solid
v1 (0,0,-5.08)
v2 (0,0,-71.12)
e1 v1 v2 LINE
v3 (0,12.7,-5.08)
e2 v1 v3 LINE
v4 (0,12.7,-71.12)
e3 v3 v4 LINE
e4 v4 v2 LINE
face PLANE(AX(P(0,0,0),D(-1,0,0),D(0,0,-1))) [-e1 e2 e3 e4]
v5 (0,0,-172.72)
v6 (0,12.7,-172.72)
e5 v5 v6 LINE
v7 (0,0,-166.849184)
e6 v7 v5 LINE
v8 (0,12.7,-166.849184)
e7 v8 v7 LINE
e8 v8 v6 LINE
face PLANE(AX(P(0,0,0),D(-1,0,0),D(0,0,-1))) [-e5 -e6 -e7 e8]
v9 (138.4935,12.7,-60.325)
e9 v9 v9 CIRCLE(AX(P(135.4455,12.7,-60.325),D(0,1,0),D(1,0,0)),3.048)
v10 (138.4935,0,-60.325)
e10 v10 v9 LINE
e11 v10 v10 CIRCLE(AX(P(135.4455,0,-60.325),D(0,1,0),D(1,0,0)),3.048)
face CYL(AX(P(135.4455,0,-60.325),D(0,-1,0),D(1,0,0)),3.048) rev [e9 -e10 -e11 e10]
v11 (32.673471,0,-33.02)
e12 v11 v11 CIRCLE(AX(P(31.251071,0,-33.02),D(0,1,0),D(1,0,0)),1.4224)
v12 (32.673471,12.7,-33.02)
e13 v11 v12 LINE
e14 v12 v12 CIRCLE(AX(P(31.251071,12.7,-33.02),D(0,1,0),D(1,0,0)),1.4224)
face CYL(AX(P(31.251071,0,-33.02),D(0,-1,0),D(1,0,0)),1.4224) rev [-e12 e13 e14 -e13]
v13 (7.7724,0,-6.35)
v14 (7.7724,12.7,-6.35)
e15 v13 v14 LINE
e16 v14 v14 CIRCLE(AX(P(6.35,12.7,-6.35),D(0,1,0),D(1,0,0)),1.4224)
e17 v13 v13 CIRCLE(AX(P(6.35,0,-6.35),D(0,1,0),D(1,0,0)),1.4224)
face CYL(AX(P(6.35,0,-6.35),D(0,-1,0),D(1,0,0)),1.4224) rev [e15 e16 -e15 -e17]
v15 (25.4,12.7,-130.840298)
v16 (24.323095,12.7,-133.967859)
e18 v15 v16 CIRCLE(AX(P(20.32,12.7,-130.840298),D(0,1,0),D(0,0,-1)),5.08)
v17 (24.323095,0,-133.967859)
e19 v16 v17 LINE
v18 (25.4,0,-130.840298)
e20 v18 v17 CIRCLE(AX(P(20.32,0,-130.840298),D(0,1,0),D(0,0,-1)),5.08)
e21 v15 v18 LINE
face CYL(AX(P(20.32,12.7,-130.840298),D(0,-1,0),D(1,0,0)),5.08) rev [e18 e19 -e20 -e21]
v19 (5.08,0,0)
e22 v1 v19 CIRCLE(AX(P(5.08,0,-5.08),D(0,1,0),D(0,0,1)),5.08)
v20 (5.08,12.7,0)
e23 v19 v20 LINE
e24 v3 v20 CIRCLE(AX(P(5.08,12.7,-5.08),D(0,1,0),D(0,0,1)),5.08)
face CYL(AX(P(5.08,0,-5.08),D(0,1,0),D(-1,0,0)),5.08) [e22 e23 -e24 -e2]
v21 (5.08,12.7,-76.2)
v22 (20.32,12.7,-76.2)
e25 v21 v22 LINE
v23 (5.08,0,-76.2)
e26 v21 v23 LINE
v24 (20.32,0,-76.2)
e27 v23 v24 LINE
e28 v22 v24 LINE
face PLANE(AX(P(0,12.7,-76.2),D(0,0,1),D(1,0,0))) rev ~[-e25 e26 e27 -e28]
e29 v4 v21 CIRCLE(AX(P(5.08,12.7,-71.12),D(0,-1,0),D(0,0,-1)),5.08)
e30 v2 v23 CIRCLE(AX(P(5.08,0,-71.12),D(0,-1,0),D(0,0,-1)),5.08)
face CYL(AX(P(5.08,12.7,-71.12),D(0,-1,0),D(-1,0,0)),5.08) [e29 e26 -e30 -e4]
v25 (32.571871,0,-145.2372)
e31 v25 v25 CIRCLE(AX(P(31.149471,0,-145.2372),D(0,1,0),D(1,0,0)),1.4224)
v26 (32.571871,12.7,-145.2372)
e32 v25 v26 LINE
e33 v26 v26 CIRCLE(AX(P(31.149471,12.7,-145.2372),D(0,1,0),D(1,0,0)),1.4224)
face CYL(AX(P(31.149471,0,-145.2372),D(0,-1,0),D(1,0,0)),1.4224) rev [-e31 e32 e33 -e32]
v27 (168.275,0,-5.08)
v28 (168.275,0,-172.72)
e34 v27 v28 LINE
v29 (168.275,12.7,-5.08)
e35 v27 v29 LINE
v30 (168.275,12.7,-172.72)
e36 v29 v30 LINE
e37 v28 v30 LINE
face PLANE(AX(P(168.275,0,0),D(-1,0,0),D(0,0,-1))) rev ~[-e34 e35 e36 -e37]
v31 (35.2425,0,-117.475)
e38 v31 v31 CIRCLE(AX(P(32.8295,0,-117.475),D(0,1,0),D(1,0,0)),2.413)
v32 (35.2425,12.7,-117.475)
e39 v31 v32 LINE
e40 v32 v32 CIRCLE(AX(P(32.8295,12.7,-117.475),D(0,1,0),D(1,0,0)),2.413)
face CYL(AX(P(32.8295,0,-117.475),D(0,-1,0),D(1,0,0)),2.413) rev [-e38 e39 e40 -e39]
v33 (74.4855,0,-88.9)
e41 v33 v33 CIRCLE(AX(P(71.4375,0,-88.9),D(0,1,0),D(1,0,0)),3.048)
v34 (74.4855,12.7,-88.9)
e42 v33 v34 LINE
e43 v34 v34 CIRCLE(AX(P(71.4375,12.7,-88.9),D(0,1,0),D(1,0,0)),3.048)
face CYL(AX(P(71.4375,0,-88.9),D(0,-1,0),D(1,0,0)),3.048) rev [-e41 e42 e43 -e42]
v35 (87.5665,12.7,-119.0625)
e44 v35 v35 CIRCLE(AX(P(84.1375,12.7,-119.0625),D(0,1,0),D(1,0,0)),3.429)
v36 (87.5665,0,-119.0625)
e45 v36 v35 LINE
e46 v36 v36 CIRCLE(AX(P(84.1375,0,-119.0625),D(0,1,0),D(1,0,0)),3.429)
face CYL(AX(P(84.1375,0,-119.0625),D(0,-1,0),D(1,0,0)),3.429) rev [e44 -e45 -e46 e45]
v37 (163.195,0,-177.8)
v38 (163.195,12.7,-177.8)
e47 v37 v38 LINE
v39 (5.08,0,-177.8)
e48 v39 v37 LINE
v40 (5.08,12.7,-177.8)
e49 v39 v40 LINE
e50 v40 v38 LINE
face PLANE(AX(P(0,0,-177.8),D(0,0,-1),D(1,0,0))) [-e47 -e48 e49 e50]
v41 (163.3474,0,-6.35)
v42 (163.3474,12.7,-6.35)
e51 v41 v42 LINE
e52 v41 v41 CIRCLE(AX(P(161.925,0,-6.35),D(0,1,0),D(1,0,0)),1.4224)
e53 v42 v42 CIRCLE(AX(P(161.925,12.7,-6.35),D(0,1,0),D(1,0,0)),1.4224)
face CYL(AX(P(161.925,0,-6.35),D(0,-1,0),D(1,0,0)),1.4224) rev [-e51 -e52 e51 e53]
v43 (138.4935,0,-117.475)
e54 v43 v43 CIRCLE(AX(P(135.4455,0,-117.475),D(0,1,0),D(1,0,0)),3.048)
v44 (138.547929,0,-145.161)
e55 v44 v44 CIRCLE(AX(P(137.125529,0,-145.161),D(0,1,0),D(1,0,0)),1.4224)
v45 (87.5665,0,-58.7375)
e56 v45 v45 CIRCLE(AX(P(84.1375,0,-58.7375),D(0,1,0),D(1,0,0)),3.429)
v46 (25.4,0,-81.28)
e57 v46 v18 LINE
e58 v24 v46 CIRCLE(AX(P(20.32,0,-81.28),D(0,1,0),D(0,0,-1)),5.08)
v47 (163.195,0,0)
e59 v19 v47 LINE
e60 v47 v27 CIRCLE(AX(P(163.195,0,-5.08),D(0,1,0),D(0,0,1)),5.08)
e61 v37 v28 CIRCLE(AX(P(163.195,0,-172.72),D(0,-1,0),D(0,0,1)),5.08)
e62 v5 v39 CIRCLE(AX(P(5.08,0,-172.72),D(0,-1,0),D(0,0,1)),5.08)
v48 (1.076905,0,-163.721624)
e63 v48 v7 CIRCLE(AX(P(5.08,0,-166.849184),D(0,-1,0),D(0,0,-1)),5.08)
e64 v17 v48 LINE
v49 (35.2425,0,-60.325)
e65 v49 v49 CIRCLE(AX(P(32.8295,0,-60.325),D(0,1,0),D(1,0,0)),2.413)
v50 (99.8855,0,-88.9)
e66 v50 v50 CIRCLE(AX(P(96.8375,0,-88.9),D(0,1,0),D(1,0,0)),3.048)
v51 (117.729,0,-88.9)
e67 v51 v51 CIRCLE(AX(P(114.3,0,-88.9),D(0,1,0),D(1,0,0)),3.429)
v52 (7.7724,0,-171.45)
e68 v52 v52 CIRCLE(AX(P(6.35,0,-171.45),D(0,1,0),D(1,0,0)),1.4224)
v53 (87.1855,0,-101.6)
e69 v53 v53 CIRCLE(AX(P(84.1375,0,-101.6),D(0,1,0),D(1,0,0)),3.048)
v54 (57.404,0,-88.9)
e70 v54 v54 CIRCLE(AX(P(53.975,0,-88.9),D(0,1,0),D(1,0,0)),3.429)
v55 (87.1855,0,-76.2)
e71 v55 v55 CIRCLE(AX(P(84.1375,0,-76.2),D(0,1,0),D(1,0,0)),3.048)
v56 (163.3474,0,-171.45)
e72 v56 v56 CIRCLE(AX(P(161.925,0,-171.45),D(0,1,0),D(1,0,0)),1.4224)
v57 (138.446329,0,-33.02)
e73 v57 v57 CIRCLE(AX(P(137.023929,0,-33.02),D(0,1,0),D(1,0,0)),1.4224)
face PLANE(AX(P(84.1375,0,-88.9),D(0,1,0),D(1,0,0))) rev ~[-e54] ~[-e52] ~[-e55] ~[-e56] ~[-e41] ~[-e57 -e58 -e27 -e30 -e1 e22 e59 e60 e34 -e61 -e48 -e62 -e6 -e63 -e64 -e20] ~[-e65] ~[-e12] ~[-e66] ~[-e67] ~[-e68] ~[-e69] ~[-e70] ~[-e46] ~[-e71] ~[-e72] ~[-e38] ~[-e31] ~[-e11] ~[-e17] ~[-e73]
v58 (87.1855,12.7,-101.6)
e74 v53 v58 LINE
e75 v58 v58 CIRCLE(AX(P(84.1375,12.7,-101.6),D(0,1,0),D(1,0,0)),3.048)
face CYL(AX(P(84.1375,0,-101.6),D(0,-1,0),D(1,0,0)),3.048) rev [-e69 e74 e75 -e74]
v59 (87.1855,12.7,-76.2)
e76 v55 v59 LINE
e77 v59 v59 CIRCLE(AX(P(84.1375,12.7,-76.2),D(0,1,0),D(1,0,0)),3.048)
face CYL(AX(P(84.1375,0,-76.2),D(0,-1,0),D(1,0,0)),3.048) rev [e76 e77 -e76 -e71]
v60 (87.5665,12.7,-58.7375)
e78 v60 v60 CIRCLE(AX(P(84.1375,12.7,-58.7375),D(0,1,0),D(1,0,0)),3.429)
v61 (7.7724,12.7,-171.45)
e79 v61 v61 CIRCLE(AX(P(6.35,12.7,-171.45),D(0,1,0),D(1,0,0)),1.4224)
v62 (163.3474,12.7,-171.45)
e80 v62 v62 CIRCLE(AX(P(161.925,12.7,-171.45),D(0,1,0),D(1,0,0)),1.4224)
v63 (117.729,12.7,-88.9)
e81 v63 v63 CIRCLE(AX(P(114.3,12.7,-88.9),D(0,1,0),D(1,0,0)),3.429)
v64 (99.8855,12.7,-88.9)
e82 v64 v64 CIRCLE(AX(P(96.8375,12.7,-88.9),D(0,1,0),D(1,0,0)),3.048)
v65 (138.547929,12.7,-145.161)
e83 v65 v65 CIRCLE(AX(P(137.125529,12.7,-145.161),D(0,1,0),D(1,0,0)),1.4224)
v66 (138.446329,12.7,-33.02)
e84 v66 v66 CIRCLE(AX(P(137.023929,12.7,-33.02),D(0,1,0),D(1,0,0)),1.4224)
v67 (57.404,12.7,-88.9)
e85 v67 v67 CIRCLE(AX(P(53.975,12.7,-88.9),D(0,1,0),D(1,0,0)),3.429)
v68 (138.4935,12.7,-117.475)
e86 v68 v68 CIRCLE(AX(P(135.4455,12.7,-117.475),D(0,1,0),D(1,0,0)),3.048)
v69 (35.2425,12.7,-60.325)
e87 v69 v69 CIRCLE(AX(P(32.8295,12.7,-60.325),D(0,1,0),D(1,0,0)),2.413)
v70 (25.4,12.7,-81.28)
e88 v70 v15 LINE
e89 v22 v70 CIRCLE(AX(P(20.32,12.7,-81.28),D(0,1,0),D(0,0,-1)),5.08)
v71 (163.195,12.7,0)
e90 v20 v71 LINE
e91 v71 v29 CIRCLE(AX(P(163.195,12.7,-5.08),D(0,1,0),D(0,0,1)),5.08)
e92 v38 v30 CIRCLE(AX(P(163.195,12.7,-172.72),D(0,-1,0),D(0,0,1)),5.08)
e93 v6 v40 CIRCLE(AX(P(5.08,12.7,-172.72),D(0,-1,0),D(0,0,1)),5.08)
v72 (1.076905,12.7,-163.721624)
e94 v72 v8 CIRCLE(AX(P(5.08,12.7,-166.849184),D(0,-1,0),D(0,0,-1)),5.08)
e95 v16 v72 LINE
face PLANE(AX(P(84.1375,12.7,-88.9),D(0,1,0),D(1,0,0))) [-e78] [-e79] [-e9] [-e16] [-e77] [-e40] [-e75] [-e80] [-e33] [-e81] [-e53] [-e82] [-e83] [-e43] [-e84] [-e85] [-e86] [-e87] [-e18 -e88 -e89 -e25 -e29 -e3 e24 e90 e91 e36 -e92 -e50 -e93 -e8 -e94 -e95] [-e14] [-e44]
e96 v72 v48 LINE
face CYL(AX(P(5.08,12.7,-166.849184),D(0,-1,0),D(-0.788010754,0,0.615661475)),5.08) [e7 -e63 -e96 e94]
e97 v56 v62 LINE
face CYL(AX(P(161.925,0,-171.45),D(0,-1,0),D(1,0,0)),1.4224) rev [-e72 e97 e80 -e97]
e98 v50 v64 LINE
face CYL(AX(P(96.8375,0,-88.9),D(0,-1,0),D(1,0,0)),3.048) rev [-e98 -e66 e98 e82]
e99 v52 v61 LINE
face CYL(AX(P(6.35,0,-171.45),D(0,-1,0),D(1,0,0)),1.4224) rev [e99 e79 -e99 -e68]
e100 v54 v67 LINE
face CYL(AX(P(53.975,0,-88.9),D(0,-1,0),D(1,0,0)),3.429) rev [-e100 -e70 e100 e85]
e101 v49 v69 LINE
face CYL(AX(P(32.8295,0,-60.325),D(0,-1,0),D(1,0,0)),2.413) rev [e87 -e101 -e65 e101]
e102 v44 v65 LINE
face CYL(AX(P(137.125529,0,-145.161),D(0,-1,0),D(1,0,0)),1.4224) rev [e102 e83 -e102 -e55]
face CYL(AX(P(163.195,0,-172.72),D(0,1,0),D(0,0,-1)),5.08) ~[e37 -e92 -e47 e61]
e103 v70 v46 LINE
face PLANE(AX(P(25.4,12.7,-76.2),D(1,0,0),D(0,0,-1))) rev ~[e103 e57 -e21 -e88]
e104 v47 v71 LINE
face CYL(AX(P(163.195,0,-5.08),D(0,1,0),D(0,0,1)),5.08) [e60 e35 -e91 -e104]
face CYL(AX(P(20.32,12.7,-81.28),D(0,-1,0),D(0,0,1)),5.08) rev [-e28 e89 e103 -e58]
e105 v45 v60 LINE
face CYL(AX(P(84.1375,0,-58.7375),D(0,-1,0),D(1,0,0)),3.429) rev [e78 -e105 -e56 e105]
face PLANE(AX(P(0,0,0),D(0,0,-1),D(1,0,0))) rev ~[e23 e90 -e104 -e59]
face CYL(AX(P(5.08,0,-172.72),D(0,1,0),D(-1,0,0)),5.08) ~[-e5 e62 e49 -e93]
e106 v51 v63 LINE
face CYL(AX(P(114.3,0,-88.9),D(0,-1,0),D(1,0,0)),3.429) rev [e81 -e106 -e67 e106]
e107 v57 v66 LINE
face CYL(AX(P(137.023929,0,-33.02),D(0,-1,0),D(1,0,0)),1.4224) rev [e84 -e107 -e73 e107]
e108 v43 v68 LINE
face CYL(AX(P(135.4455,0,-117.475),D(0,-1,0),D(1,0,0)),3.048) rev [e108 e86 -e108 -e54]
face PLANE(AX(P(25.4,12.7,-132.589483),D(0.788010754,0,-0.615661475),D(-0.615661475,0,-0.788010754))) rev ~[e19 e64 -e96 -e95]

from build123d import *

# Parameters (mm, degrees)
SKETCH2_W               = 168.275
SKETCH2_H               = 177.8
SKETCH2_R               = 3.048
SKETCH2_R_2             = 2.413
SKETCH2_R_3             = 1.4224
SKETCH2_R_4             = 3.429
BOSS_EXTRUDE2_DEPTH     = 12.7
CUT_EXTRUDE1_DEPTH      = 1
CUT_EXTRUDE1_DEPTH_BACK = 13.7
FILLET1_R               = 5.08


with BuildPart() as part:
    # Sketch2 → Boss-Extrude2 (new body)
    with BuildSketch(Plane(origin=(0, 0, 0), x_dir=(1, 0, 0), z_dir=(0, 1, 0))):
        with Locations((84.1375, 88.9)):
            Rectangle(SKETCH2_W, SKETCH2_H)
        with Locations((84.1375, 101.6)):
            Circle(SKETCH2_R, mode=Mode.SUBTRACT)
        with Locations((96.8375, 88.9)):
            Circle(SKETCH2_R, mode=Mode.SUBTRACT)
        with Locations((84.1375, 76.2)):
            Circle(SKETCH2_R, mode=Mode.SUBTRACT)
        with Locations((71.4375, 88.9)):
            Circle(SKETCH2_R, mode=Mode.SUBTRACT)
        with Locations((32.8295, 117.475)):
            Circle(SKETCH2_R_2, mode=Mode.SUBTRACT)
        with Locations((135.4455, 117.475)):
            Circle(SKETCH2_R, mode=Mode.SUBTRACT)
        with Locations((135.4455, 60.325)):
            Circle(SKETCH2_R, mode=Mode.SUBTRACT)
        with Locations((32.8295, 60.325)):
            Circle(SKETCH2_R_2, mode=Mode.SUBTRACT)
        with Locations((6.35, 171.45)):
            Circle(SKETCH2_R_3, mode=Mode.SUBTRACT)
        with Locations((161.925, 171.45)):
            Circle(SKETCH2_R_3, mode=Mode.SUBTRACT)
        with Locations((161.925, 6.35)):
            Circle(SKETCH2_R_3, mode=Mode.SUBTRACT)
        with Locations((6.35, 6.35)):
            Circle(SKETCH2_R_3, mode=Mode.SUBTRACT)
        with Locations((31.251071429, 33.02)):
            Circle(SKETCH2_R_3, mode=Mode.SUBTRACT)
        with Locations((137.023928571, 33.02)):
            Circle(SKETCH2_R_3, mode=Mode.SUBTRACT)
        with Locations((84.1375, 119.0625)):
            Circle(SKETCH2_R_4, mode=Mode.SUBTRACT)
        with Locations((114.3, 88.9)):
            Circle(SKETCH2_R_4, mode=Mode.SUBTRACT)
        with Locations((84.1375, 58.7375)):
            Circle(SKETCH2_R_4, mode=Mode.SUBTRACT)
        with Locations((53.975, 88.9)):
            Circle(SKETCH2_R_4, mode=Mode.SUBTRACT)
        with Locations((31.149471429, 145.2372)):
            Circle(SKETCH2_R_3, mode=Mode.SUBTRACT)
        with Locations((137.125528571, 145.161)):
            Circle(SKETCH2_R_3, mode=Mode.SUBTRACT)
    extrude(amount=BOSS_EXTRUDE2_DEPTH)

    # Sketch3 → Cut-Extrude1 (cut, two sides)
    with BuildSketch(Plane(origin=(0, 12.7, 0), x_dir=(1, 0, 0), z_dir=(0, 1, 0))) as cut_extrude1_sk:
        Polygon((0, 165.1), (0, 76.2), (25.4, 76.2), (25.4, 132.589482542), align=None)
    extrude(amount=CUT_EXTRUDE1_DEPTH, mode=Mode.SUBTRACT)
    extrude(cut_extrude1_sk.sketch, amount=-CUT_EXTRUDE1_DEPTH_BACK, mode=Mode.SUBTRACT)

    # Fillet1
    fillet1_edges = [part.edges().sort_by_distance(p)[0] for p in [
        (0, 6.35, -165.1),
        (25.4, 6.35, -132.589482542),
        (25.4, 6.35, -76.2),
        (0, 6.35, -76.2),
        (0, 6.35, -177.8),
        (168.275, 6.35, -177.8),
        (168.275, 6.35, 0),
        (0, 6.35, 0),
    ]]
    fillet(fillet1_edges, radius=FILLET1_R)


solid = part.part
